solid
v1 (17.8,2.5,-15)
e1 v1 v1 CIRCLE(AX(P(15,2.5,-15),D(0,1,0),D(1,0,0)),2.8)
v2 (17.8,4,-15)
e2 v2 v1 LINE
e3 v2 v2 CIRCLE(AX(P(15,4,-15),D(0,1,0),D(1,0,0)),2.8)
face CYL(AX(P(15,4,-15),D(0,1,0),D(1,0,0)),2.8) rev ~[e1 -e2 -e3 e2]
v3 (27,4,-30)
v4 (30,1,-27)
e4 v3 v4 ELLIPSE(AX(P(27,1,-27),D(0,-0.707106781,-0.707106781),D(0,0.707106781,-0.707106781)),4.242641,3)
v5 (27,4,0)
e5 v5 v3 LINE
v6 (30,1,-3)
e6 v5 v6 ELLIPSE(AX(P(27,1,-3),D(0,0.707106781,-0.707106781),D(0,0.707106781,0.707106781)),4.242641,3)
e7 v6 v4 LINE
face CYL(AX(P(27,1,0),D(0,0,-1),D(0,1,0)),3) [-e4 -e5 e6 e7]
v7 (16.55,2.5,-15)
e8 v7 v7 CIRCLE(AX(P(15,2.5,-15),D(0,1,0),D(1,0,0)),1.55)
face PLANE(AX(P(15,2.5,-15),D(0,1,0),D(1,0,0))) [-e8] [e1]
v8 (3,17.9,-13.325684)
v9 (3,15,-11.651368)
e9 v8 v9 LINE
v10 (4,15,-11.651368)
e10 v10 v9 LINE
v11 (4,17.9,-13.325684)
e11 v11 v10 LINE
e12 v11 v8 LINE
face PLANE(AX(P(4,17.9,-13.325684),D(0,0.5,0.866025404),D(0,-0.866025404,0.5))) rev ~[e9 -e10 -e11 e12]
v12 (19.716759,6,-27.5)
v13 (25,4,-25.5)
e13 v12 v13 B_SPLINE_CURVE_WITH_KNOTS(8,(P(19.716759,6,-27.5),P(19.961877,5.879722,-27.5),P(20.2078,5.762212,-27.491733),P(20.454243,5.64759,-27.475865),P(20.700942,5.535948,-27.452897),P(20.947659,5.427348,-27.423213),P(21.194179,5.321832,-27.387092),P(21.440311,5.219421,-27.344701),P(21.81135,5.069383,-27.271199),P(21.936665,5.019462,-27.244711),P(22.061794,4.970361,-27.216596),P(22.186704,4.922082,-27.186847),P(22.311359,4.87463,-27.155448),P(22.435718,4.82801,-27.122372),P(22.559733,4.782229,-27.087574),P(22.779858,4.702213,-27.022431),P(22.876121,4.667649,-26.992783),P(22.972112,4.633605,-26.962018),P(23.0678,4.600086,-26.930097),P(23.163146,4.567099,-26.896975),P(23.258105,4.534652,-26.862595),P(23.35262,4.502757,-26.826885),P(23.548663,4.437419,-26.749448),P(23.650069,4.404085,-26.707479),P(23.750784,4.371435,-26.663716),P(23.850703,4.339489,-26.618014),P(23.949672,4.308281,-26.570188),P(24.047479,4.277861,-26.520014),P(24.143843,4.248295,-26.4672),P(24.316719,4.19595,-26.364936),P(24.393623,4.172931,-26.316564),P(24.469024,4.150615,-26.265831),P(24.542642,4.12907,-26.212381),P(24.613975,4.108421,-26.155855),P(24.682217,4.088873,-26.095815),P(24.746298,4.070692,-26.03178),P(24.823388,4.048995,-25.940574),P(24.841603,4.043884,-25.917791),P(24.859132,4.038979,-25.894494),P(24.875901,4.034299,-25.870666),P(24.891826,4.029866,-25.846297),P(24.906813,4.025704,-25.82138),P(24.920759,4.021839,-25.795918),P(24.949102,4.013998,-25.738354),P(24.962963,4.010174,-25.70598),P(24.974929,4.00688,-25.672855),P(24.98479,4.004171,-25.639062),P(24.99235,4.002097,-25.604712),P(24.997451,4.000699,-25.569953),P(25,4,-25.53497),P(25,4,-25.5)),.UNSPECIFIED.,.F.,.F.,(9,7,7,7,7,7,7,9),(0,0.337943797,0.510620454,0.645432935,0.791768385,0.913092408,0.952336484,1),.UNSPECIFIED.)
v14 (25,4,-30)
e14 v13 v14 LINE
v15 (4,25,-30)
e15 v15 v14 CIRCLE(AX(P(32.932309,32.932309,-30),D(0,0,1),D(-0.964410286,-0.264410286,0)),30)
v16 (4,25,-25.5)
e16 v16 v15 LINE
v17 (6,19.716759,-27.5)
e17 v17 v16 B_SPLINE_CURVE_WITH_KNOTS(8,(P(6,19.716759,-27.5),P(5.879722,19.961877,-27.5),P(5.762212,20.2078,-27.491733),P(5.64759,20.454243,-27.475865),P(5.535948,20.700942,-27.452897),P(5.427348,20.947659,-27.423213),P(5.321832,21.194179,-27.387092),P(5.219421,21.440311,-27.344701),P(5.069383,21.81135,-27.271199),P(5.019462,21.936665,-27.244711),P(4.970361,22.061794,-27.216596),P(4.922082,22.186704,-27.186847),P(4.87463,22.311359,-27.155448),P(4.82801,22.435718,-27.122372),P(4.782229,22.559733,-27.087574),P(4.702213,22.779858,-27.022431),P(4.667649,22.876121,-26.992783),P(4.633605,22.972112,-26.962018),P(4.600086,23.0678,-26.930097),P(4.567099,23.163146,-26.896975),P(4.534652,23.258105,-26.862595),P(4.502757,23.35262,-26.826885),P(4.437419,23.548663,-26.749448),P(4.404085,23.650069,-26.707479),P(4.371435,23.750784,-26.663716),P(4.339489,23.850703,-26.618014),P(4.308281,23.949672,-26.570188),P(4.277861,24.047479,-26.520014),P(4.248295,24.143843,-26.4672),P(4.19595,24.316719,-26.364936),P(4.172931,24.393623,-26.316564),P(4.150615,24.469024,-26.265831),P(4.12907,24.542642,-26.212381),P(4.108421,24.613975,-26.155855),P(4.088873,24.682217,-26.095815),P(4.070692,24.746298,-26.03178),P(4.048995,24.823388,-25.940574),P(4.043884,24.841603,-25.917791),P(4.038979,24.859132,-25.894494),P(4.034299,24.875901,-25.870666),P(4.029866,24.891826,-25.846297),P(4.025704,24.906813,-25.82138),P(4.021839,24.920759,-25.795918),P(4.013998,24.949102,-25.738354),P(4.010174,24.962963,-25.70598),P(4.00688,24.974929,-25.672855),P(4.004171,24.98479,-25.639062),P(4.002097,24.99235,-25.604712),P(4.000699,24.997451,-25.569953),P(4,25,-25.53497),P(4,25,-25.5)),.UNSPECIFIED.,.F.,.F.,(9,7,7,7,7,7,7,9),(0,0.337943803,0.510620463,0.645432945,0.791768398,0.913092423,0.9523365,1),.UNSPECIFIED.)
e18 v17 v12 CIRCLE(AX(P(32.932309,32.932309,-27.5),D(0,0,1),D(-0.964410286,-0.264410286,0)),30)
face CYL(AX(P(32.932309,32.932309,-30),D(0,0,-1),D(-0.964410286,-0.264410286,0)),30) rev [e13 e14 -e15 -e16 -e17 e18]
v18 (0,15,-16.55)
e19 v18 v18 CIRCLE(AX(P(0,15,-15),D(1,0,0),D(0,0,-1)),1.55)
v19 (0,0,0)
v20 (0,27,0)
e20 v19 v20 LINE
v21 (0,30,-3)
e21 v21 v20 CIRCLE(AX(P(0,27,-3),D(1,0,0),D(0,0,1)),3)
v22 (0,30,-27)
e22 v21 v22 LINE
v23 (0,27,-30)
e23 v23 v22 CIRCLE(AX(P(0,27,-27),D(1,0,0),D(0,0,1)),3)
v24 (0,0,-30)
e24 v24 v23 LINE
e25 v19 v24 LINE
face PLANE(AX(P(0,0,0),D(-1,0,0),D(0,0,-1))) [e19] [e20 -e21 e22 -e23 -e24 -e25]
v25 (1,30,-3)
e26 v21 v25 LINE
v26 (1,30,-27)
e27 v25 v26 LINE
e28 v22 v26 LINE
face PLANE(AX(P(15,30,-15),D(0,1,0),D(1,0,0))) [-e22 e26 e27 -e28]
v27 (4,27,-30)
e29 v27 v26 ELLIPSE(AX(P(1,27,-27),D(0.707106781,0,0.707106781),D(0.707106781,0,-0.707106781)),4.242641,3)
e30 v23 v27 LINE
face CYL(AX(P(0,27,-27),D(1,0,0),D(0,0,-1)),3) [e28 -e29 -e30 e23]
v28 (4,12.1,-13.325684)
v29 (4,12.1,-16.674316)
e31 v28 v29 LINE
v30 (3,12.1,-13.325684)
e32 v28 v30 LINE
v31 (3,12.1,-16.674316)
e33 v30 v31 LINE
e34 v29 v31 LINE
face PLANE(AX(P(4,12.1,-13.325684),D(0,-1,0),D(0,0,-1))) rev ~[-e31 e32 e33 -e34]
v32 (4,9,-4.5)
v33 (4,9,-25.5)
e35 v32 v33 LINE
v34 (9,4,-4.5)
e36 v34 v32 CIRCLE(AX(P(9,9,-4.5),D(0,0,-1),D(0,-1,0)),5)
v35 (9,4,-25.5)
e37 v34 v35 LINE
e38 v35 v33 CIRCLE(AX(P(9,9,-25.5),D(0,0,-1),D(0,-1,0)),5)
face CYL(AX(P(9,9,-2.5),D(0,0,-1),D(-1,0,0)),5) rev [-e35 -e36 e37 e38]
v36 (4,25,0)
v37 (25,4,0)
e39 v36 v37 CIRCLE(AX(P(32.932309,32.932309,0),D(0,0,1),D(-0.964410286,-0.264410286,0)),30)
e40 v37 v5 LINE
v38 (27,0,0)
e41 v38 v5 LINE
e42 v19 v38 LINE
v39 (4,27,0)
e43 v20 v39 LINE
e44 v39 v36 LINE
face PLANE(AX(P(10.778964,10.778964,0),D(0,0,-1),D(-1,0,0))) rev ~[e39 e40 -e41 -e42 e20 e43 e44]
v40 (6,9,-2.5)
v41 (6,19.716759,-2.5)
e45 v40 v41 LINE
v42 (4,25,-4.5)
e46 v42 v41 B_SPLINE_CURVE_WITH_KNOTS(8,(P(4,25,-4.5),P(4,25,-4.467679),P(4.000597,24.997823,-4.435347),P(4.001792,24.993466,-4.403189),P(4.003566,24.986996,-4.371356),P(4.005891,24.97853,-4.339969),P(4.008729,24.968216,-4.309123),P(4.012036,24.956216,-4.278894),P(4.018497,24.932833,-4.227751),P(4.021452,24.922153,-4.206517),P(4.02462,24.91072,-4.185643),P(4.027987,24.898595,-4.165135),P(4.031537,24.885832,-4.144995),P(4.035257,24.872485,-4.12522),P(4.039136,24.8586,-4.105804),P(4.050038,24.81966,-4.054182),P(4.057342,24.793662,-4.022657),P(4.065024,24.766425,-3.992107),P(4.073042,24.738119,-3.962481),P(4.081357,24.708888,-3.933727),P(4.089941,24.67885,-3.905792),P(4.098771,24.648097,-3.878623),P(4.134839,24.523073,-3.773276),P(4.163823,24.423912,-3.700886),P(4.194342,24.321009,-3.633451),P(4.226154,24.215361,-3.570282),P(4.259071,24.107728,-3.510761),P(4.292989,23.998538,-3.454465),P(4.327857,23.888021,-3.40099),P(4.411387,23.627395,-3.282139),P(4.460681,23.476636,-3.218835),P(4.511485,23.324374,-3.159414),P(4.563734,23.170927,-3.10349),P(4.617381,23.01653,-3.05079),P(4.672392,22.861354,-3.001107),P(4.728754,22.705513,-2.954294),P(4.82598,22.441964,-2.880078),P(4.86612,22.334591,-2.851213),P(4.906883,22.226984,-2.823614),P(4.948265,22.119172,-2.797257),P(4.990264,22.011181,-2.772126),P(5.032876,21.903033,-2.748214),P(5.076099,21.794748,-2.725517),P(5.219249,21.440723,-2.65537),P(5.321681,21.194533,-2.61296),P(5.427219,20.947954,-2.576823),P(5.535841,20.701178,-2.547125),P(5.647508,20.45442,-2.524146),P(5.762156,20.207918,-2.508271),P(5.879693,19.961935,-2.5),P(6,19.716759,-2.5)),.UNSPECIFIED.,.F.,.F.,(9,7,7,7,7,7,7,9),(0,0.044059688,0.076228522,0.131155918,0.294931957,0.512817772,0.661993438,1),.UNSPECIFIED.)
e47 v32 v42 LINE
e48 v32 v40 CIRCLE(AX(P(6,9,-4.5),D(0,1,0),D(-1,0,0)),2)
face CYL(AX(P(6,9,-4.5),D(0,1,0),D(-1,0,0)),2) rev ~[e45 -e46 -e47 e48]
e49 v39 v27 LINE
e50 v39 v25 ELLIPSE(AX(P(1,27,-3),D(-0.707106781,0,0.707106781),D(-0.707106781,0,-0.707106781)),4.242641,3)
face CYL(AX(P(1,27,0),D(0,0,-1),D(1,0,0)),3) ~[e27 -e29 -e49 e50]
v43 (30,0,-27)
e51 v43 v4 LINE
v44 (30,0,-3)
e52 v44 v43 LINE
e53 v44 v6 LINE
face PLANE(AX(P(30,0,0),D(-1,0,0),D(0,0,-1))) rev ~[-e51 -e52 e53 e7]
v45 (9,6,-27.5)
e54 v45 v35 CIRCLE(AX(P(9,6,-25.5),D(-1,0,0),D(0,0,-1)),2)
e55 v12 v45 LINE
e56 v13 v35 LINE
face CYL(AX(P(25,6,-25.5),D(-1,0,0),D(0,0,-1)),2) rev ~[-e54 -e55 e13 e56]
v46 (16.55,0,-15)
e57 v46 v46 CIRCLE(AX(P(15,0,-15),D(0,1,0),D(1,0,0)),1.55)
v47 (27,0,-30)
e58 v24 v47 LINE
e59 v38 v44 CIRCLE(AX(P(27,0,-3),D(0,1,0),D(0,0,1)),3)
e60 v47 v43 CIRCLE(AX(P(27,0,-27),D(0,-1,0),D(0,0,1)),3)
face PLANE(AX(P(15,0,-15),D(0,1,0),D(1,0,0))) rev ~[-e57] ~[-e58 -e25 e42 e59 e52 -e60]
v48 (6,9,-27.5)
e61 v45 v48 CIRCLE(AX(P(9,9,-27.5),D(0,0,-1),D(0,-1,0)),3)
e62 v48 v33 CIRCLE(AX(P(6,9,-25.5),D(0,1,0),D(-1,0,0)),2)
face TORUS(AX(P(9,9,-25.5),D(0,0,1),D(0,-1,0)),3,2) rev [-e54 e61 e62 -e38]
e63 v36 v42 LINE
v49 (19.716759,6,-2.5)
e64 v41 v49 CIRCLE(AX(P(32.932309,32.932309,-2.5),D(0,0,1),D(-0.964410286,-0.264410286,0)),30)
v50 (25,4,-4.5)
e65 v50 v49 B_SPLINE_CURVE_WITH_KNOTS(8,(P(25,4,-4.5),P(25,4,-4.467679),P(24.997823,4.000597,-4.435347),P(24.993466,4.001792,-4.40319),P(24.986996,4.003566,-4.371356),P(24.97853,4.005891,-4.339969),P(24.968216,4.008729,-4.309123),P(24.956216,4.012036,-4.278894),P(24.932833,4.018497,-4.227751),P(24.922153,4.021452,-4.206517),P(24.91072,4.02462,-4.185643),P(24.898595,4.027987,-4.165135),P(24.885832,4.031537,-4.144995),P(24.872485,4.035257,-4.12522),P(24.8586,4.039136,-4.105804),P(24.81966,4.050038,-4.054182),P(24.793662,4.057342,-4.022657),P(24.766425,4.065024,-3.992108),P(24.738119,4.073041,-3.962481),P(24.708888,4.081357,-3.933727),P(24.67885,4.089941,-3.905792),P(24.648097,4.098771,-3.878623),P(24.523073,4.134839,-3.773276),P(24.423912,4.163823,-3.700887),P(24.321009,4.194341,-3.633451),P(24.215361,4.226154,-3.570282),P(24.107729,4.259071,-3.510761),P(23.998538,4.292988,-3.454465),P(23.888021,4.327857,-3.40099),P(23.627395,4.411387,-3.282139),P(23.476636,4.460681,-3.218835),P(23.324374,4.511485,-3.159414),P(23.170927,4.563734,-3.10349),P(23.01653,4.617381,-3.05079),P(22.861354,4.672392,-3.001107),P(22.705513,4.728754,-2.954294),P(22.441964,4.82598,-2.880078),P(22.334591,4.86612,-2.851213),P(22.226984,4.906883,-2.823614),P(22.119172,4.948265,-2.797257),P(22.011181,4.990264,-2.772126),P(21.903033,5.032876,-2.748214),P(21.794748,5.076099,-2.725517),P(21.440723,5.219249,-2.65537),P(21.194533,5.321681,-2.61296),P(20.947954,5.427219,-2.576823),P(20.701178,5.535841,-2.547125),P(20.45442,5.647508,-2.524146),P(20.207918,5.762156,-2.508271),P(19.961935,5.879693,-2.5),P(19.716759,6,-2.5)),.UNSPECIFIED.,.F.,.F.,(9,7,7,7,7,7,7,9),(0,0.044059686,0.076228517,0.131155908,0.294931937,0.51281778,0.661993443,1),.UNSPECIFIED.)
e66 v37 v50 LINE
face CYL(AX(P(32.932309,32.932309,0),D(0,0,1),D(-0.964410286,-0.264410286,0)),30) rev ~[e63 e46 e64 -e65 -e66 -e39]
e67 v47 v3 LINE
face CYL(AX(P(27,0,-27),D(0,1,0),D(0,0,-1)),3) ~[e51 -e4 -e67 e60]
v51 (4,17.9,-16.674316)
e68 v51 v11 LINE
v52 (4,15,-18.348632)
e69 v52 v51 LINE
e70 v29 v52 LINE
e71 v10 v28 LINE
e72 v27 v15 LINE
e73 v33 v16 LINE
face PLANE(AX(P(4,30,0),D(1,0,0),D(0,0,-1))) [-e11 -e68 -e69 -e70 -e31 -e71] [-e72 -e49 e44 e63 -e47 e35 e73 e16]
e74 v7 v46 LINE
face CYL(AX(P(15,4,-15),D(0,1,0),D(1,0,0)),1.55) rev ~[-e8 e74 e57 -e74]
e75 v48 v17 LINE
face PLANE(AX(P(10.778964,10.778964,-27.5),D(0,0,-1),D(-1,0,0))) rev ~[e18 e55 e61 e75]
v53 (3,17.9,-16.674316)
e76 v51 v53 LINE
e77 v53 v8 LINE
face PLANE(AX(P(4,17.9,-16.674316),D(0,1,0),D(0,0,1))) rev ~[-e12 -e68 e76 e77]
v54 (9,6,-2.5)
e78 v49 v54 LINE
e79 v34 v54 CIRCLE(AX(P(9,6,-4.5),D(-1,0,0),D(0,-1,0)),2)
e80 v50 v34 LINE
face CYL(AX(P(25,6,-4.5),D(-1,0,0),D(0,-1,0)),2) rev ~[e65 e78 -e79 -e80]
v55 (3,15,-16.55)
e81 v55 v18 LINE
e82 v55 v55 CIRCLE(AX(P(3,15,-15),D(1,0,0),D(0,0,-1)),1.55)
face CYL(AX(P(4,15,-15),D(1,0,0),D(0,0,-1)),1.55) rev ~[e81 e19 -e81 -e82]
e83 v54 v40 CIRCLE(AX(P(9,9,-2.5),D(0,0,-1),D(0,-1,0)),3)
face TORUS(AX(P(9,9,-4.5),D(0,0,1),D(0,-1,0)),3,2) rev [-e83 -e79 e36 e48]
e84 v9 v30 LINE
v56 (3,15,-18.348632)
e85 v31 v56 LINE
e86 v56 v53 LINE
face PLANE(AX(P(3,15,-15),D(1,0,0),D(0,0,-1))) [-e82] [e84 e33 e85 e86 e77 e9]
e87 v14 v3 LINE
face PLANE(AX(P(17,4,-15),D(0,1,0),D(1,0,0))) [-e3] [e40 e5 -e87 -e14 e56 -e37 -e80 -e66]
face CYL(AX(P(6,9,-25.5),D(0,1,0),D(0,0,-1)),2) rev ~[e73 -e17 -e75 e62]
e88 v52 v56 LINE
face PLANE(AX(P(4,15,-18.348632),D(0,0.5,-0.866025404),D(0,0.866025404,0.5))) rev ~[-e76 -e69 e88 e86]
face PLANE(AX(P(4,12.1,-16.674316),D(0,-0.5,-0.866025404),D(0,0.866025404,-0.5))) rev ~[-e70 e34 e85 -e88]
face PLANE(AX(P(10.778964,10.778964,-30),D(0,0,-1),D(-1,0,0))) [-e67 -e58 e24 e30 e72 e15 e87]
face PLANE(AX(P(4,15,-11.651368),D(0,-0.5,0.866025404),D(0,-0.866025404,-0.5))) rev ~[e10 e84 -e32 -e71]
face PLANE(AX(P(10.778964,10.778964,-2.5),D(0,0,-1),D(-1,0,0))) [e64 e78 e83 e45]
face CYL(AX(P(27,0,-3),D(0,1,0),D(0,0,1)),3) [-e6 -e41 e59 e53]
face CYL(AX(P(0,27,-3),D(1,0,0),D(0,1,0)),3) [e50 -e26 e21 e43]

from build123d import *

# Parameters (mm, degrees)
CROQUIS1_W              = 30
CROQUIS1_H              = 30
SALIENTE_EXTRUIR1_DEPTH = 30
CROQUIS2_W              = 26
CROQUIS2_H              = 30
CORTAR_EXTRUIR1_DEPTH   = 26
CROQUIS3_R              = 1.55
CORTAR_EXTRUIR2_DEPTH   = 4
CROQUIS4_R              = 1.55
CORTAR_EXTRUIR3_DEPTH   = 4
CORTAR_EXTRUIR5_DEPTH   = 1
SALIENTE_EXTRUIR2_DEPTH = 2.5
SALIENTE_EXTRUIR3_DEPTH = 2.5
CROQUIS9_R              = 2.8
CORTAR_EXTRUIR6_DEPTH   = 1.5
REDONDEO1_R             = 5
REDONDEO2_R             = 3
REDONDEO3_R             = 2


with BuildPart() as part:
    # Croquis1 → Saliente-Extruir1 (new body)
    with BuildSketch(Plane(origin=(0, 0, 0), x_dir=(1, 0, 0), z_dir=(0, 1, 0))):
        with Locations((15, 15)):
            Rectangle(CROQUIS1_W, CROQUIS1_H)
    extrude(amount=SALIENTE_EXTRUIR1_DEPTH)

    # Croquis2 → Cortar-Extruir1 (cut)
    with BuildSketch(Plane(origin=(0, 30, 0), x_dir=(1, 0, 0), z_dir=(0, 1, 0))):
        with Locations((17, 15)):
            Rectangle(CROQUIS2_W, CROQUIS2_H)
    extrude(amount=-CORTAR_EXTRUIR1_DEPTH, mode=Mode.SUBTRACT)

    # Croquis3 → Cortar-Extruir2 (cut)
    with BuildSketch(Plane(origin=(4, 0, 0), x_dir=(0, 0, -1), z_dir=(1, 0, 0))):
        with Locations((15, 15)):
            Circle(CROQUIS3_R)
    extrude(amount=-CORTAR_EXTRUIR2_DEPTH, mode=Mode.SUBTRACT)

    # Croquis4 → Cortar-Extruir3 (cut)
    with BuildSketch(Plane(origin=(0, 4, 0), x_dir=(1, 0, 0), z_dir=(0, 1, 0))):
        with Locations((15, 15)):
            Circle(CROQUIS4_R)
    extrude(amount=-CORTAR_EXTRUIR3_DEPTH, mode=Mode.SUBTRACT)

    # Croquis6 → Cortar-Extruir5 (cut)
    with BuildSketch(Plane(origin=(4, 0, 0), x_dir=(0, 0, -1), z_dir=(1, 0, 0))):
        Polygon((11.651368439, 15), (13.325684219, 12.1), (16.674315781, 12.1), (18.348631561, 15), (16.674315781, 17.9), (13.325684219, 17.9), align=None)
    extrude(amount=-CORTAR_EXTRUIR5_DEPTH, mode=Mode.SUBTRACT)

    # Croquis7 → Saliente-Extruir2 (add)
    with BuildSketch(Plane.XY):
        with BuildLine():
            Line((25, 4), (4, 4))
            Line((4, 4), (4, 25))
            ThreePointArc((4, 25), (11.719105156, 11.719105156), (25, 4))
        make_face()
    extrude(amount=-SALIENTE_EXTRUIR2_DEPTH)

    # Croquis8 → Saliente-Extruir3 (add)
    with BuildSketch(Plane(origin=(0, 0, -30), x_dir=(-1, 0, 0), z_dir=(0, 0, -1))):
        with BuildLine():
            Line((-25, 4), (-4, 4))
            Line((-4, 4), (-4, 25))
            ThreePointArc((-4, 25), (-11.719105156, 11.719105156), (-25, 4))
        make_face()
    extrude(amount=-SALIENTE_EXTRUIR3_DEPTH)

    # Croquis9 → Cortar-Extruir6 (cut)
    with BuildSketch(Plane(origin=(0, 4, 0), x_dir=(1, 0, 0), z_dir=(0, 1, 0))):
        with Locations((15, 15)):
            Circle(CROQUIS9_R)
    extrude(amount=-CORTAR_EXTRUIR6_DEPTH, mode=Mode.SUBTRACT)

    # Redondeo1
    redondeo1_edges = [part.edges().sort_by_distance(p)[0] for p in [
        (4, 4, -15),
    ]]
    fillet(redondeo1_edges, radius=REDONDEO1_R)

    # Redondeo2
    redondeo2_edges = [part.edges().sort_by_distance(p)[0] for p in [
        (2, 30, -30),
        (30, 2, -30),
        (30, 2, 0),
        (30, 4, -15),
        (4, 30, -15),
        (2, 30, 0),
    ]]
    fillet(redondeo2_edges, radius=REDONDEO2_R)

    # Redondeo3
    redondeo3_edges = [part.edges().sort_by_distance(p)[0] for p in [
        (4, 17, -2.5),
        (17, 4, -27.5),
        (17, 4, -2.5),
        (5.464466094, 5.464466094, -2.5),
        (4, 17, -27.5),
        (5.464466094, 5.464466094, -27.5),
    ]]
    fillet(redondeo3_edges, radius=REDONDEO3_R)


solid = part.part
